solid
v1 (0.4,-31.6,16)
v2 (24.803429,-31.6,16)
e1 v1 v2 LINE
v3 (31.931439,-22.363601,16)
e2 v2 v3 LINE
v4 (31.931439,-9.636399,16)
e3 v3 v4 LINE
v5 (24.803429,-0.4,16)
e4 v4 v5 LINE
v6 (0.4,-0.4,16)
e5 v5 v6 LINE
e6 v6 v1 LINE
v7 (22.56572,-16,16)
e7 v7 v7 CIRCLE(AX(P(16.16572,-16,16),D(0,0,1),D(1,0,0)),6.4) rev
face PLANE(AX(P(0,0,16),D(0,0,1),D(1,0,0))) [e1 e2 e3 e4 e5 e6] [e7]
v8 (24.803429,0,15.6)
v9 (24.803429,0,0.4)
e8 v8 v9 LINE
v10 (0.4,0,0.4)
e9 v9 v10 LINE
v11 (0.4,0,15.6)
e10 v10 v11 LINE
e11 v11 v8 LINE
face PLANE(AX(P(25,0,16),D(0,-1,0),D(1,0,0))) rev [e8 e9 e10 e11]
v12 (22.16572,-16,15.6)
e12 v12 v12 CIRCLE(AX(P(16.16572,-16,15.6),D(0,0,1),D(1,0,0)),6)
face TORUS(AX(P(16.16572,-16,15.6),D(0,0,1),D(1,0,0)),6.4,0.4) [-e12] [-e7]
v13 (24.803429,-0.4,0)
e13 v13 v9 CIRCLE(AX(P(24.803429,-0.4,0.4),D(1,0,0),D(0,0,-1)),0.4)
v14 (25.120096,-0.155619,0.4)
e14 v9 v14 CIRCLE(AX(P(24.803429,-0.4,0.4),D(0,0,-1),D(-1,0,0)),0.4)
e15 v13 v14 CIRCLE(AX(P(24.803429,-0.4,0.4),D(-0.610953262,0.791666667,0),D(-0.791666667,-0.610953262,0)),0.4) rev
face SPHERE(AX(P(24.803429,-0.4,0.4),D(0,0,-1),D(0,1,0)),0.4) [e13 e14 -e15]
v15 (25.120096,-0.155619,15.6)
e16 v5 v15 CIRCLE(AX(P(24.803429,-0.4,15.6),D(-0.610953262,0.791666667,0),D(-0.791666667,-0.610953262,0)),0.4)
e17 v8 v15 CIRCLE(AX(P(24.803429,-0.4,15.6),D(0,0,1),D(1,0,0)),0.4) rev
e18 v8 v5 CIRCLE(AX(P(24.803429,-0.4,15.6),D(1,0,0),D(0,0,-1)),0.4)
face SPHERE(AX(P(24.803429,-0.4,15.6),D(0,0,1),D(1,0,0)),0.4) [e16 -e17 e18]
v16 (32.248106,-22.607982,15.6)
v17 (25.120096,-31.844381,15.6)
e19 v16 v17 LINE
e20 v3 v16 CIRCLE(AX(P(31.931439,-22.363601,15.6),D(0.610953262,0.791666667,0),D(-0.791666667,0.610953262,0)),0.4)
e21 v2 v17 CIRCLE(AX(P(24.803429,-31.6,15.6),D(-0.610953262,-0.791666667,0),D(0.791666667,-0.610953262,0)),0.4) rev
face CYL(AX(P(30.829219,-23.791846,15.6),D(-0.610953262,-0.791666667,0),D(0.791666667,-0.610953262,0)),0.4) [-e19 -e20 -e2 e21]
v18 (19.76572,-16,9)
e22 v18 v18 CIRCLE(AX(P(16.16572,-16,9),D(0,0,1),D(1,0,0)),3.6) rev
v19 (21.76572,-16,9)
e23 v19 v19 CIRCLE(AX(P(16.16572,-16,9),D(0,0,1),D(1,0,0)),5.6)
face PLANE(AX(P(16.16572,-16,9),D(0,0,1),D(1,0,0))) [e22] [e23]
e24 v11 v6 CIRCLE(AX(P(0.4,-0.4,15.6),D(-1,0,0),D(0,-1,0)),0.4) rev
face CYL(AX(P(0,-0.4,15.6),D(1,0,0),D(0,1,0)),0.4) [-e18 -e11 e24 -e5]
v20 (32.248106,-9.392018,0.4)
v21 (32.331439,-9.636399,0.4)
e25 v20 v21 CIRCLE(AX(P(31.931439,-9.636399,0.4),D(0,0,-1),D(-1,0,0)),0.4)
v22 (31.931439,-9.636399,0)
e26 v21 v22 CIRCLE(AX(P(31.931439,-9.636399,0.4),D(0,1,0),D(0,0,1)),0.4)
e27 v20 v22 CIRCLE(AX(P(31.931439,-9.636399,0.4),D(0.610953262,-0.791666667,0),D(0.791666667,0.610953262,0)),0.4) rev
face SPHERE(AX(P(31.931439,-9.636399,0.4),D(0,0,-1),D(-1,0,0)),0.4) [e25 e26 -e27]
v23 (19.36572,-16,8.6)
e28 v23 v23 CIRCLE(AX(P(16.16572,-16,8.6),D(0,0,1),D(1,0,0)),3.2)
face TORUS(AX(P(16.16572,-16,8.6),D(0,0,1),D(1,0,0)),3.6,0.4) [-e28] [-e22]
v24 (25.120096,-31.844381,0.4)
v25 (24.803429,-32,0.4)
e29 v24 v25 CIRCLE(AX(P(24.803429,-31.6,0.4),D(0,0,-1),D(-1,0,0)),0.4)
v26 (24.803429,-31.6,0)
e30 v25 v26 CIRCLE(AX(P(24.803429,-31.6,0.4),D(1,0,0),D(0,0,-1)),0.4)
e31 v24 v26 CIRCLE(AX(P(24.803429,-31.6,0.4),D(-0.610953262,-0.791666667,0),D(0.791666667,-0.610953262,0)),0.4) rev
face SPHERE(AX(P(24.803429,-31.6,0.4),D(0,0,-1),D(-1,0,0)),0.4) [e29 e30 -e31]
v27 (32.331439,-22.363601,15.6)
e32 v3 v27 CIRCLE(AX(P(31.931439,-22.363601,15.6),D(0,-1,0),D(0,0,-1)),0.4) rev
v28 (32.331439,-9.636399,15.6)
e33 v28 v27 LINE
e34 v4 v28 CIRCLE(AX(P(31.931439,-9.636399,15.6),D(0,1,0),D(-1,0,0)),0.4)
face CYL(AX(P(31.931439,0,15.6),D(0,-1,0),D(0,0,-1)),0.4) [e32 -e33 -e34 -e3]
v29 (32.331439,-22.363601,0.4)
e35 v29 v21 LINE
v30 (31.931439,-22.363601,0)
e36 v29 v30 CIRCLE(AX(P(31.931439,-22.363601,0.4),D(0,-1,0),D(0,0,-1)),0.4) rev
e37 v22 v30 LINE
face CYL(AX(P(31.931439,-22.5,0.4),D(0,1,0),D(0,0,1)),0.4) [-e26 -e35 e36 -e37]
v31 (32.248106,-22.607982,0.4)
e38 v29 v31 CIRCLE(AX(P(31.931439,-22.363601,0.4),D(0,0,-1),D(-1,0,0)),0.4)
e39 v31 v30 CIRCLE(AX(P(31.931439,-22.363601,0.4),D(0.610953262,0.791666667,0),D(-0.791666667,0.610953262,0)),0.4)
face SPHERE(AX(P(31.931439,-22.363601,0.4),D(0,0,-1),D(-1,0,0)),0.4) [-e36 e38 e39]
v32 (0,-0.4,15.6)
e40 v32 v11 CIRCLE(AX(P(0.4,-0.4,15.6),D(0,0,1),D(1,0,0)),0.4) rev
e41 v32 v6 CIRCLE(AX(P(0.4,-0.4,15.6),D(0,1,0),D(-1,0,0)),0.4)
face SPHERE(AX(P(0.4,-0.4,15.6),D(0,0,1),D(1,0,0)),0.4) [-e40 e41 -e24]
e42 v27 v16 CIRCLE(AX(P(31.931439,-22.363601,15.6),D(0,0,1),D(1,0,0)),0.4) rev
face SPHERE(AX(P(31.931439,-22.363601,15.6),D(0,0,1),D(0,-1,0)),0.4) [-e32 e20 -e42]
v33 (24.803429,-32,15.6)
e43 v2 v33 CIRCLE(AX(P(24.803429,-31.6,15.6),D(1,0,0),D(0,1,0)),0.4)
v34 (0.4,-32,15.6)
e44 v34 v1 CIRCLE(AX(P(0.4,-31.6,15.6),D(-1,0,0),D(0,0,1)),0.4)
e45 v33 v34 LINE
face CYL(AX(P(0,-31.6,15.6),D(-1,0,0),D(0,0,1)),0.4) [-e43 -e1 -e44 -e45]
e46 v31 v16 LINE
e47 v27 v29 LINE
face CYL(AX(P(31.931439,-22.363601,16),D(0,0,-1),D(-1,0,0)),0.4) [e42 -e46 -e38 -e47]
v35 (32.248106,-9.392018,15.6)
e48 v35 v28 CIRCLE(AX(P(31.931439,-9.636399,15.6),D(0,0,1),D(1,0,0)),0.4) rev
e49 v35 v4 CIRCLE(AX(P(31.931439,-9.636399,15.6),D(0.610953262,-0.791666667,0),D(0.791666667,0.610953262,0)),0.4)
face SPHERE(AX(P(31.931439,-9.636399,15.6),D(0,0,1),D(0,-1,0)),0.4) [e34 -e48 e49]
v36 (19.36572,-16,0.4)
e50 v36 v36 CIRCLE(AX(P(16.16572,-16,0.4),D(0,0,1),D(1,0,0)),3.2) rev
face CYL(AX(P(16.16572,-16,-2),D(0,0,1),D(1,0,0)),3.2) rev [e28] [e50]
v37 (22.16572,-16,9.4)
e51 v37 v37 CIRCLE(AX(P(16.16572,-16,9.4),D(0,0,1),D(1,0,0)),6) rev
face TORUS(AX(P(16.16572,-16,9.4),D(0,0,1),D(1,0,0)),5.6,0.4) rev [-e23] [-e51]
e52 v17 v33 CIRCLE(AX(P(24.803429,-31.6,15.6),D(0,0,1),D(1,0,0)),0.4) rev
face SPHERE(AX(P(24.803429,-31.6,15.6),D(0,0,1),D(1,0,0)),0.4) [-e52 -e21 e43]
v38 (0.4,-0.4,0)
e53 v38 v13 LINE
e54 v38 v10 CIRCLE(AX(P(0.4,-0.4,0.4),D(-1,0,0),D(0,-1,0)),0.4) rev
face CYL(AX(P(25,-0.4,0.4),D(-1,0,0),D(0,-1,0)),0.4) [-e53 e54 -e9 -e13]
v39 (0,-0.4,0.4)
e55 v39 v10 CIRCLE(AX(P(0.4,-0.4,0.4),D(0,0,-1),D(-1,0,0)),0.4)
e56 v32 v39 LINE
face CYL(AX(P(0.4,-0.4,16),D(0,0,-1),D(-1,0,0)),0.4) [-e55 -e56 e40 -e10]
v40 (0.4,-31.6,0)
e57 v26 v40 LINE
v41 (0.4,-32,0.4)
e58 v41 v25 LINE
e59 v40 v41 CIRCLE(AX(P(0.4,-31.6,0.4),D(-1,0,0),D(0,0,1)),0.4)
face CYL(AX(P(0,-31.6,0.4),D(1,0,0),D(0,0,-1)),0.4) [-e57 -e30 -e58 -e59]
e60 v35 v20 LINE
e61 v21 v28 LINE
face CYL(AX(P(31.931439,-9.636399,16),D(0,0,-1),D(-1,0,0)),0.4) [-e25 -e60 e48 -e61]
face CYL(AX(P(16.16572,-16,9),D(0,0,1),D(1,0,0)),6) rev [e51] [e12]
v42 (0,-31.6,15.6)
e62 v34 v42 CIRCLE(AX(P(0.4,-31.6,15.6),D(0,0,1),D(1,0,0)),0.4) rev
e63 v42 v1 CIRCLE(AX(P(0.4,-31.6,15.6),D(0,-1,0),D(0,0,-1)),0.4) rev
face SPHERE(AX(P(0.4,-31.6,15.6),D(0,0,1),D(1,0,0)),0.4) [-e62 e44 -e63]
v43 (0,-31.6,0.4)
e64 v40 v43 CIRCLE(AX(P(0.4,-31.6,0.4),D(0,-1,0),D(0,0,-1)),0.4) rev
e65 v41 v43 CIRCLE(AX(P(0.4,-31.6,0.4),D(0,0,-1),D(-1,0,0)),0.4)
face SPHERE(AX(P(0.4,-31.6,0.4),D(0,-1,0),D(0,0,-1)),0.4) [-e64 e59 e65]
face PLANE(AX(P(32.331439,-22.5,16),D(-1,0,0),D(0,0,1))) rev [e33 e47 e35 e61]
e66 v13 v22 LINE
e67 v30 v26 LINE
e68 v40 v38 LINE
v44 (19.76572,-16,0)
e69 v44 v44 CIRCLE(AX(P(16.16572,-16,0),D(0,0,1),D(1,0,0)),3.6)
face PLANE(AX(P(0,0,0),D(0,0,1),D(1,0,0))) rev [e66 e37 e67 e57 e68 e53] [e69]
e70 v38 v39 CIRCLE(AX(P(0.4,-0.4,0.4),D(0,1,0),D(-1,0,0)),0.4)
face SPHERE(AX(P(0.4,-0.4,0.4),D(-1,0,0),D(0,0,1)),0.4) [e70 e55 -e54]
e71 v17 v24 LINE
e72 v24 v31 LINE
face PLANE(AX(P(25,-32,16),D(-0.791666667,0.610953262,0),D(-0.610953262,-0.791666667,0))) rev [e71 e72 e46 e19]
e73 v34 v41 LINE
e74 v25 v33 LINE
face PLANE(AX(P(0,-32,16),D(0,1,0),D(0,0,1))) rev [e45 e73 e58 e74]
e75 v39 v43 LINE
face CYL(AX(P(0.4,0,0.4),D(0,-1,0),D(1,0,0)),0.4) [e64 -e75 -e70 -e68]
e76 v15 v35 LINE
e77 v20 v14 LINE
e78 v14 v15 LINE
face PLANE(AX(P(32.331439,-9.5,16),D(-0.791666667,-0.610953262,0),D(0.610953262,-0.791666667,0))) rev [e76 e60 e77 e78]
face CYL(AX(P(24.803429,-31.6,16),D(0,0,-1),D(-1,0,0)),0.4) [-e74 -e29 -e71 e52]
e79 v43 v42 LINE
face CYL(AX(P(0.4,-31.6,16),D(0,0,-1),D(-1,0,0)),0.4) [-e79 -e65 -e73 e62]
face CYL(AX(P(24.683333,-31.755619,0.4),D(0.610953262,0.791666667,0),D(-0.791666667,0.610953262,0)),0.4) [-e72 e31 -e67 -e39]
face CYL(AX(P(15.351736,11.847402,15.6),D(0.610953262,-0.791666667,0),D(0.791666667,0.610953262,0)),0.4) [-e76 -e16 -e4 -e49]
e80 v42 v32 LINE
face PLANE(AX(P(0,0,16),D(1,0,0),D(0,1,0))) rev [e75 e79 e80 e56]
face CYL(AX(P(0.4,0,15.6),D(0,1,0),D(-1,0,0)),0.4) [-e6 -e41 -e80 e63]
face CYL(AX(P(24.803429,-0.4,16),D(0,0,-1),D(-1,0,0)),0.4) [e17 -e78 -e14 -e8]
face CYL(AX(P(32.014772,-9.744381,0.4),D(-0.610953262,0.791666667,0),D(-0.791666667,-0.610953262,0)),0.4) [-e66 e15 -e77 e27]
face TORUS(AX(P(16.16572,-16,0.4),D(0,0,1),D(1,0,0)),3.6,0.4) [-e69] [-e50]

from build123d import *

# Parameters (mm, degrees)
BOSS_EXTRUDE1_DEPTH = 16
SKETCH4_R           = 6
CUT_EXTRUDE1_DEPTH  = 7
SKETCH5_R           = 3.2
CUT_EXTRUDE2_DEPTH  = 11
FILLET1_R           = 0.4


with BuildPart() as part:
    # Sketch3 → Boss-Extrude1 (new body)
    with BuildSketch(Plane.XY):
        Polygon((0, 0), (0, -32), (25, -32), (32.331439149, -22.5), (32.331439149, -9.5), (25, 0), align=None)
    extrude(amount=BOSS_EXTRUDE1_DEPTH)

    # Sketch4 → Cut-Extrude1 (cut)
    with BuildSketch(Plane.XY.offset(16)):
        with Locations((16.165719575, -16)):
            Circle(SKETCH4_R)
    extrude(amount=-CUT_EXTRUDE1_DEPTH, mode=Mode.SUBTRACT)

    # Sketch5 → Cut-Extrude2 (cut)
    with BuildSketch(Plane.XY.offset(9)):
        with Locations((16.165719575, -16)):
            Circle(SKETCH5_R)
    extrude(amount=-CUT_EXTRUDE2_DEPTH, mode=Mode.SUBTRACT)

    # Fillet1
    fillet1_edges = [part.edges().sort_by_distance(p)[0] for p in [
        (25, 0, 8),
        (32.331439149, -9.5, 8),
        (32.331439149, -22.5, 8),
        (25, -32, 8),
        (0, -32, 8),
        (0, 0, 8),
        (12.5, -32, 16),
        (28.665719575, -27.25, 16),
        (10.165719575, -16, 9),
        (10.165719575, -16, 16),
        (32.331439149, -16, 16),
        (28.665719575, -4.75, 16),
        (12.965719575, -16, 0),
        (12.965719575, -16, 9),
        (12.5, 0, 16),
        (28.665719575, -4.75, 0),
        (32.331439149, -16, 0),
        (28.665719575, -27.25, 0),
        (12.5, -32, 0),
        (0, -16, 0),
        (12.5, 0, 0),
        (0, -16, 16),
    ]]
    fillet(fillet1_edges, radius=FILLET1_R)


solid = part.part
